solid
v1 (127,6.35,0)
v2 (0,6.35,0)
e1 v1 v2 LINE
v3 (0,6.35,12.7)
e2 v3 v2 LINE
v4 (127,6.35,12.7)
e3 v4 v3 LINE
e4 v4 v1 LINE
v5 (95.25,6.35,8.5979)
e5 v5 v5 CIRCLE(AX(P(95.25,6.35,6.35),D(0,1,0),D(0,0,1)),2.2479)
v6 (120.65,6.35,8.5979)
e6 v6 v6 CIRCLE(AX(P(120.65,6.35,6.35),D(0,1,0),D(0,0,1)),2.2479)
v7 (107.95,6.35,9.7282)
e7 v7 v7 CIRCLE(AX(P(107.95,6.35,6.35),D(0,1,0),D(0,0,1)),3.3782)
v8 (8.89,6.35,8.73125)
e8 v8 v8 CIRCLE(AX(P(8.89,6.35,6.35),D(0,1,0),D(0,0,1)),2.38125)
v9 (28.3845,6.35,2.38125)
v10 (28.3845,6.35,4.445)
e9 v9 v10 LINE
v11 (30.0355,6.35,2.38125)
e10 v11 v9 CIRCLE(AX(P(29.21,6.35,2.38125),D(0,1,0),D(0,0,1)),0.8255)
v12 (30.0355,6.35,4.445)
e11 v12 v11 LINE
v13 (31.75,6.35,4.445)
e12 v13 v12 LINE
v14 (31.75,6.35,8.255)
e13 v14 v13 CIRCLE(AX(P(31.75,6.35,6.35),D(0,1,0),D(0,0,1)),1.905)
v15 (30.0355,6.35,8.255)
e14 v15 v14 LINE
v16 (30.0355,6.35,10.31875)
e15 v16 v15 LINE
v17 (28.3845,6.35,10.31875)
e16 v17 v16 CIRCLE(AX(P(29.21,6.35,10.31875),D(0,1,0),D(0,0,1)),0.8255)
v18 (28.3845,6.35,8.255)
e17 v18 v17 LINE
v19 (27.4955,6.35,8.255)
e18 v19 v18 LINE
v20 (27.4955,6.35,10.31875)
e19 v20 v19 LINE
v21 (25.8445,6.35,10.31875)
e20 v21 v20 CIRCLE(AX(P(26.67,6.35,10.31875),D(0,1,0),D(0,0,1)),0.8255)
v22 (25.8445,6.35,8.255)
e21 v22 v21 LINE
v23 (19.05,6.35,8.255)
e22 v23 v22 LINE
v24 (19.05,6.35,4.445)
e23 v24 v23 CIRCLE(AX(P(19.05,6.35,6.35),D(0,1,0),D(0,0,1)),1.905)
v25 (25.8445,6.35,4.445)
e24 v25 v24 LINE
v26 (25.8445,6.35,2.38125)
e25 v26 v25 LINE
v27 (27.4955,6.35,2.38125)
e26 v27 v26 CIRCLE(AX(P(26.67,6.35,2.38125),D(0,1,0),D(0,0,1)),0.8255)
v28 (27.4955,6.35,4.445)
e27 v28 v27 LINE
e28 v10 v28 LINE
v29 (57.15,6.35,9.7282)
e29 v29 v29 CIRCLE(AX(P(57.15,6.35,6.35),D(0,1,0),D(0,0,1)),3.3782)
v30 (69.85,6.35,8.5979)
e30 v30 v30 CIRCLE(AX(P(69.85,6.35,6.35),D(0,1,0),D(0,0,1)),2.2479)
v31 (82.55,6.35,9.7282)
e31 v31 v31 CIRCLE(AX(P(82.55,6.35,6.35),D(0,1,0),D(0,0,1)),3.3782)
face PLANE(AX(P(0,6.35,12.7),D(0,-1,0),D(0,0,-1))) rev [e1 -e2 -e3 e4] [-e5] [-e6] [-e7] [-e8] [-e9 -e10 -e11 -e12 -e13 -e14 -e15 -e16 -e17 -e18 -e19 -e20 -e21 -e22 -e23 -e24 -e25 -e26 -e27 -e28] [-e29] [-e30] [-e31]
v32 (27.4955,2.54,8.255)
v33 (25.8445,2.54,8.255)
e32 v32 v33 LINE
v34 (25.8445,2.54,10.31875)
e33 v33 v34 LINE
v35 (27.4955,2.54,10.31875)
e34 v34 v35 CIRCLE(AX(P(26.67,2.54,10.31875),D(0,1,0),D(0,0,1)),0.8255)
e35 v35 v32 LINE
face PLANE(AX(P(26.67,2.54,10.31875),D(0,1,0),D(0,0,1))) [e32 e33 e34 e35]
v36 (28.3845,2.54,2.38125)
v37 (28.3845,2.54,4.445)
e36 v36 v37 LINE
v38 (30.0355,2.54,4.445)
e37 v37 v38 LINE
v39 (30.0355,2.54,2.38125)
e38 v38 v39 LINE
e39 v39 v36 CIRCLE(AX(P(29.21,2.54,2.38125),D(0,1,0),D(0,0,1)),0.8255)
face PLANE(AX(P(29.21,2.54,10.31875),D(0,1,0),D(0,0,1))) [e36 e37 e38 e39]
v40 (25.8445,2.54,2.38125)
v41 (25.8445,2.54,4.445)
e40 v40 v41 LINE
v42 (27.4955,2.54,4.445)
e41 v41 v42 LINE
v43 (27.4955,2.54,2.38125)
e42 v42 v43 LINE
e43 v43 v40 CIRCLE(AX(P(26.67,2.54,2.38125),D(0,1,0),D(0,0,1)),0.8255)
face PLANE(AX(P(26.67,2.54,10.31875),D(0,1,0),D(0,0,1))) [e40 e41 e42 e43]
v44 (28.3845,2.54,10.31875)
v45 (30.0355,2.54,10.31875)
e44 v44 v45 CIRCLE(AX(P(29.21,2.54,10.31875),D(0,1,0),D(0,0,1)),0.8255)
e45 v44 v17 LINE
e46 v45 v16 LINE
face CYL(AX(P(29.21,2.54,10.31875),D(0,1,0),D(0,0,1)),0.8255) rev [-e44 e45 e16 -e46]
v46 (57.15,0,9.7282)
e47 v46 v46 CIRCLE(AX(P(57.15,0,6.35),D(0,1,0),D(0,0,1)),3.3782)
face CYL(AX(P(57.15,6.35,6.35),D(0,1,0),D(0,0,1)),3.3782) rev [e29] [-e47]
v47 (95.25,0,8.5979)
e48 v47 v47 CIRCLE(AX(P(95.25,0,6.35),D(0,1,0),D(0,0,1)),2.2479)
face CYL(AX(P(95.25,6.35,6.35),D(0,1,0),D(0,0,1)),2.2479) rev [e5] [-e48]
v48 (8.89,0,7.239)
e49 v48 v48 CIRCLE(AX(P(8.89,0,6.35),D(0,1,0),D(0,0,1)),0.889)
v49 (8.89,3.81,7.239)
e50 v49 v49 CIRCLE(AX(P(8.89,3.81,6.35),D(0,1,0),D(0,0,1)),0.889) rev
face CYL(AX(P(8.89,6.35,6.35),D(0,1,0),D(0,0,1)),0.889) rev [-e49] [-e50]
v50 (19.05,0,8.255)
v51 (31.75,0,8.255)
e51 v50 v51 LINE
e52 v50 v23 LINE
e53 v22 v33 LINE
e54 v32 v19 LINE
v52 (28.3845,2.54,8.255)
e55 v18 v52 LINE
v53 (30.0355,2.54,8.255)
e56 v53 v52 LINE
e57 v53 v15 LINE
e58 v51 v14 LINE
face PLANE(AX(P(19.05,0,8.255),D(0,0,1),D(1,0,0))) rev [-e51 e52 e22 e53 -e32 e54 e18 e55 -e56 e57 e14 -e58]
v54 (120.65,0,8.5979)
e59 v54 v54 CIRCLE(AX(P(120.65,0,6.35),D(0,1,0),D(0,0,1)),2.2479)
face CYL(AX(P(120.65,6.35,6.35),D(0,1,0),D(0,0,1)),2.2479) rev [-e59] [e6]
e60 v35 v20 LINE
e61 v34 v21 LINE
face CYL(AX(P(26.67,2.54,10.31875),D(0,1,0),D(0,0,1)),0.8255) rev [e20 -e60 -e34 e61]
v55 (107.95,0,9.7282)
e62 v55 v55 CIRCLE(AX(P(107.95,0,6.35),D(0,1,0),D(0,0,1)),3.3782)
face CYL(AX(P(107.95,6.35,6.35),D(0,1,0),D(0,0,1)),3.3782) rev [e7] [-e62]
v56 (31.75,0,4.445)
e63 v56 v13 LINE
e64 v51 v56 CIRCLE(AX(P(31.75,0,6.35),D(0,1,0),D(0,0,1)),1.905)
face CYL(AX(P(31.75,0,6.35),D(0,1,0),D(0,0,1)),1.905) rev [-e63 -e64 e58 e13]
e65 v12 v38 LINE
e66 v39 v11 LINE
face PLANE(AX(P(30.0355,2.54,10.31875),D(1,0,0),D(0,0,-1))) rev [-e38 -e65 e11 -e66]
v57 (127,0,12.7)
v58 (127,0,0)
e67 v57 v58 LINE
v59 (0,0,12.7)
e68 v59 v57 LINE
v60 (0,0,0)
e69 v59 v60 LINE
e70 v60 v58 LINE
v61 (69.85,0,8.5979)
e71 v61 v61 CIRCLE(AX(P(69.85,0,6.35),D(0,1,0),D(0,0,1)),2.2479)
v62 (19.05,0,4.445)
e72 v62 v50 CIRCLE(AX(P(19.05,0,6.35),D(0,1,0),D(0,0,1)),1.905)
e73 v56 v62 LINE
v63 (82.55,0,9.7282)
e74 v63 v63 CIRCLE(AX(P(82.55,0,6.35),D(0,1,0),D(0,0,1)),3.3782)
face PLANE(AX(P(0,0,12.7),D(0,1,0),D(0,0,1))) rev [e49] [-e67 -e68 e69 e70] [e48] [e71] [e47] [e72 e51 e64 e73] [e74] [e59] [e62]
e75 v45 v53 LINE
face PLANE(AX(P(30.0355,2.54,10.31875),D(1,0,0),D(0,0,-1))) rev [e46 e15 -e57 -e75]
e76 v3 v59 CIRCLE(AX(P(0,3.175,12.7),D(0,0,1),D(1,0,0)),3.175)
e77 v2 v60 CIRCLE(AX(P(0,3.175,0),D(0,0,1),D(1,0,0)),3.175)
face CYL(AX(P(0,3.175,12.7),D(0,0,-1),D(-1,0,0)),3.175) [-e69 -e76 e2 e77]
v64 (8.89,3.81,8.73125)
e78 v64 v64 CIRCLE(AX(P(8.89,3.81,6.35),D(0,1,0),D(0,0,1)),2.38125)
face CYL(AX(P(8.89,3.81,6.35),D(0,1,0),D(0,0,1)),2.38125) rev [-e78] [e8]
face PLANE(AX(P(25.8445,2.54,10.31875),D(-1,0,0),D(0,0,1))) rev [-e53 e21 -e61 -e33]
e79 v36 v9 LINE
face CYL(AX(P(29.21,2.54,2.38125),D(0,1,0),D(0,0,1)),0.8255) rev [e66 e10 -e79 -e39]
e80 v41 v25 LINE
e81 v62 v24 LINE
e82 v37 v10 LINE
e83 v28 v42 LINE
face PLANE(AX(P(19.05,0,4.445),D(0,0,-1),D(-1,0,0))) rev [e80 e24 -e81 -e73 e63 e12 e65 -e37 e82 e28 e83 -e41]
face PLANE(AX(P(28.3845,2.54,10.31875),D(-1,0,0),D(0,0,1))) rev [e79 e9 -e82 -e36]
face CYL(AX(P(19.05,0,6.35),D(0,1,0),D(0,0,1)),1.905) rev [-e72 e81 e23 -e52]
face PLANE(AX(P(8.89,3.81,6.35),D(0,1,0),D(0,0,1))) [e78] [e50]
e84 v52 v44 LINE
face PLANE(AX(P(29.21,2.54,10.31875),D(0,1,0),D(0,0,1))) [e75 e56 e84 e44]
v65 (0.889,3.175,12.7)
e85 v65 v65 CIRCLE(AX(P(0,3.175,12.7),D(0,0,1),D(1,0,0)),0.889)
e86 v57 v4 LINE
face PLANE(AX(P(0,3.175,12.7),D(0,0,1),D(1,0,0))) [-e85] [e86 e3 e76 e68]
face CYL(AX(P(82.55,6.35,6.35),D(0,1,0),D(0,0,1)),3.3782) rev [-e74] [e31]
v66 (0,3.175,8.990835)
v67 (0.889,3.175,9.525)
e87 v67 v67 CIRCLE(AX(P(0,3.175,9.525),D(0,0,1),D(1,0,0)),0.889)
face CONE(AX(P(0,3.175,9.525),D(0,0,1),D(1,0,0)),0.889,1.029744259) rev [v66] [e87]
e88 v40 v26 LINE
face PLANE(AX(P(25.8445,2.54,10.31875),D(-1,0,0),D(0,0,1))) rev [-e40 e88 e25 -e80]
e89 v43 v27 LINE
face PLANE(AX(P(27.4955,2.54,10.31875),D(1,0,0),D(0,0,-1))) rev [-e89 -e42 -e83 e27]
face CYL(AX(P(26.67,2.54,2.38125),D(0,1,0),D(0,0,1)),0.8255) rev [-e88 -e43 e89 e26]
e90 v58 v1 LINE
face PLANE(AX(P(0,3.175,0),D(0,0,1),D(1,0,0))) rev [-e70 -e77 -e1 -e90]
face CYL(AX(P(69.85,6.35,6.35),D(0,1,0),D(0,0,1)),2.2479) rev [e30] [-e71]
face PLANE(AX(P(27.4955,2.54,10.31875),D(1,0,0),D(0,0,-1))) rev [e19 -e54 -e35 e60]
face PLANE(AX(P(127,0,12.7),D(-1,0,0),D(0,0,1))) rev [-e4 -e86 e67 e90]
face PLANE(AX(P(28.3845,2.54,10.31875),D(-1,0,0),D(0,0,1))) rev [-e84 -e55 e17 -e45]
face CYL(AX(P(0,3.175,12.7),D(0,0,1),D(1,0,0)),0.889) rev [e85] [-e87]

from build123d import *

# Parameters (mm, degrees)
BOSS_EXTRUDE1_DEPTH       = 12.7
F_2_56_TAPPED_HOLE1_D     = 1.778
F_2_56_TAPPED_HOLE1_DEPTH = 3.175
F_2_56_TAPPED_HOLE1_TIP   = 0.53416509
CUT_EXTRUDE1_DEPTH        = 128.791284914
CUT_EXTRUDE2_DEPTH        = 3.81
F_2_56_TAPPED_HOLE2_D     = 1.778
F_8_CLEARANCE_HOLE1_D     = 4.4958
F_1_4_CLEARANCE_HOLE1_D   = 6.7564
LPATTERN1_COUNT           = 3
LPATTERN1_PITCH           = 25.4
SKETCH11_R                = 2.38125
CUT_EXTRUDE3_DEPTH        = 2.54


with BuildPart() as part:
    # Sketch1 → Boss-Extrude1 (new body)
    with BuildSketch(Plane.XY):
        with BuildLine():
            Line((0, 0), (127, 0))
            Line((127, 0), (127, 6.35))
            Line((127, 6.35), (0, 6.35))
            ThreePointArc((0, 6.35), (-3.175, 3.175), (0, 0))
        make_face()
    extrude(amount=BOSS_EXTRUDE1_DEPTH)

    # #2-56 Tapped Hole1
    with Locations(Plane(origin=(0, 3.175, 12.7), x_dir=(1, 0, 0), z_dir=(0, 0, 1))):
        with Locations((0, 0)):
            Hole(F_2_56_TAPPED_HOLE1_D / 2, depth=F_2_56_TAPPED_HOLE1_DEPTH)
            with Locations((0, 0, -(F_2_56_TAPPED_HOLE1_DEPTH + F_2_56_TAPPED_HOLE1_TIP / 2))):  # 118° drill point
                Cone(0, F_2_56_TAPPED_HOLE1_D / 2, F_2_56_TAPPED_HOLE1_TIP, mode=Mode.SUBTRACT)

    # Sketch6 → Cut-Extrude1 (cut, through all)
    with BuildSketch(Plane(origin=(0, 6.35, 0), x_dir=(1, 0, 0), z_dir=(0, 1, 0))):
        with BuildLine():
            Line((19.05, -4.445), (31.75, -4.445))
            ThreePointArc((31.75, -4.445), (33.655, -6.35), (31.75, -8.255))
            Line((31.75, -8.255), (19.05, -8.255))
            ThreePointArc((19.05, -8.255), (17.145, -6.35), (19.05, -4.445))
        make_face()
    extrude(amount=-CUT_EXTRUDE1_DEPTH, mode=Mode.SUBTRACT)

    # Sketch7 → Cut-Extrude2 (cut)
    with BuildSketch(Plane(origin=(0, 6.35, 0), x_dir=(1, 0, 0), z_dir=(0, 1, 0))):
        with BuildLine():
            Line((28.3845, -10.31875), (28.3845, -2.38125))
            ThreePointArc((28.3845, -2.38125), (29.21, -1.55575), (30.0355, -2.38125))
            Line((30.0355, -2.38125), (30.0355, -10.31875))
            ThreePointArc((30.0355, -10.31875), (29.21, -11.14425), (28.3845, -10.31875))
        make_face()
        with BuildLine():
            Line((25.8445, -10.31875), (25.8445, -2.38125))
            ThreePointArc((25.8445, -2.38125), (26.67, -1.55575), (27.4955, -2.38125))
            Line((27.4955, -2.38125), (27.4955, -10.31875))
            ThreePointArc((27.4955, -10.31875), (26.67, -11.14425), (25.8445, -10.31875))
        make_face()
    extrude(amount=-CUT_EXTRUDE2_DEPTH, mode=Mode.SUBTRACT)

    # #2-56 Tapped Hole2 (through all)
    with Locations(Plane(origin=(8.89, 6.35, 6.35), x_dir=(0, 0, 1), z_dir=(0, 1, 0))):
        with Locations((0, 0)):
            Hole(F_2_56_TAPPED_HOLE2_D / 2)

    # #8 Clearance Hole1 (through all)
    with Locations(Plane(origin=(120.65, 6.35, 6.35), x_dir=(0, 0, 1), z_dir=(0, 1, 0))):
        with Locations((0, 0)):
            f_8_clearance_hole1 = Hole(F_8_CLEARANCE_HOLE1_D / 2)

    # 1/4 Clearance Hole1 (through all)
    with Locations(Plane(origin=(107.95, 6.35, 6.35), x_dir=(0, 0, 1), z_dir=(0, 1, 0))):
        with Locations((0, 0)):
            f_1_4_clearance_hole1 = Hole(F_1_4_CLEARANCE_HOLE1_D / 2)

    # LPattern1: #8 Clearance Hole1, 1/4 Clearance Hole1 ×3
    with Locations(*[(-i * LPATTERN1_PITCH, 0, 0) for i in range(1, LPATTERN1_COUNT)]):
        add(f_8_clearance_hole1, mode=Mode.SUBTRACT)
        add(f_1_4_clearance_hole1, mode=Mode.SUBTRACT)

    # Sketch11 → Cut-Extrude3 (cut)
    with BuildSketch(Plane(origin=(0, 6.35, 0), x_dir=(1, 0, 0), z_dir=(0, 1, 0))):
        with Locations(Location((8.89, -6.35, 0), (0, 0, 270))):
            Circle(SKETCH11_R)
    extrude(amount=-CUT_EXTRUDE3_DEPTH, mode=Mode.SUBTRACT)


solid = part.part
